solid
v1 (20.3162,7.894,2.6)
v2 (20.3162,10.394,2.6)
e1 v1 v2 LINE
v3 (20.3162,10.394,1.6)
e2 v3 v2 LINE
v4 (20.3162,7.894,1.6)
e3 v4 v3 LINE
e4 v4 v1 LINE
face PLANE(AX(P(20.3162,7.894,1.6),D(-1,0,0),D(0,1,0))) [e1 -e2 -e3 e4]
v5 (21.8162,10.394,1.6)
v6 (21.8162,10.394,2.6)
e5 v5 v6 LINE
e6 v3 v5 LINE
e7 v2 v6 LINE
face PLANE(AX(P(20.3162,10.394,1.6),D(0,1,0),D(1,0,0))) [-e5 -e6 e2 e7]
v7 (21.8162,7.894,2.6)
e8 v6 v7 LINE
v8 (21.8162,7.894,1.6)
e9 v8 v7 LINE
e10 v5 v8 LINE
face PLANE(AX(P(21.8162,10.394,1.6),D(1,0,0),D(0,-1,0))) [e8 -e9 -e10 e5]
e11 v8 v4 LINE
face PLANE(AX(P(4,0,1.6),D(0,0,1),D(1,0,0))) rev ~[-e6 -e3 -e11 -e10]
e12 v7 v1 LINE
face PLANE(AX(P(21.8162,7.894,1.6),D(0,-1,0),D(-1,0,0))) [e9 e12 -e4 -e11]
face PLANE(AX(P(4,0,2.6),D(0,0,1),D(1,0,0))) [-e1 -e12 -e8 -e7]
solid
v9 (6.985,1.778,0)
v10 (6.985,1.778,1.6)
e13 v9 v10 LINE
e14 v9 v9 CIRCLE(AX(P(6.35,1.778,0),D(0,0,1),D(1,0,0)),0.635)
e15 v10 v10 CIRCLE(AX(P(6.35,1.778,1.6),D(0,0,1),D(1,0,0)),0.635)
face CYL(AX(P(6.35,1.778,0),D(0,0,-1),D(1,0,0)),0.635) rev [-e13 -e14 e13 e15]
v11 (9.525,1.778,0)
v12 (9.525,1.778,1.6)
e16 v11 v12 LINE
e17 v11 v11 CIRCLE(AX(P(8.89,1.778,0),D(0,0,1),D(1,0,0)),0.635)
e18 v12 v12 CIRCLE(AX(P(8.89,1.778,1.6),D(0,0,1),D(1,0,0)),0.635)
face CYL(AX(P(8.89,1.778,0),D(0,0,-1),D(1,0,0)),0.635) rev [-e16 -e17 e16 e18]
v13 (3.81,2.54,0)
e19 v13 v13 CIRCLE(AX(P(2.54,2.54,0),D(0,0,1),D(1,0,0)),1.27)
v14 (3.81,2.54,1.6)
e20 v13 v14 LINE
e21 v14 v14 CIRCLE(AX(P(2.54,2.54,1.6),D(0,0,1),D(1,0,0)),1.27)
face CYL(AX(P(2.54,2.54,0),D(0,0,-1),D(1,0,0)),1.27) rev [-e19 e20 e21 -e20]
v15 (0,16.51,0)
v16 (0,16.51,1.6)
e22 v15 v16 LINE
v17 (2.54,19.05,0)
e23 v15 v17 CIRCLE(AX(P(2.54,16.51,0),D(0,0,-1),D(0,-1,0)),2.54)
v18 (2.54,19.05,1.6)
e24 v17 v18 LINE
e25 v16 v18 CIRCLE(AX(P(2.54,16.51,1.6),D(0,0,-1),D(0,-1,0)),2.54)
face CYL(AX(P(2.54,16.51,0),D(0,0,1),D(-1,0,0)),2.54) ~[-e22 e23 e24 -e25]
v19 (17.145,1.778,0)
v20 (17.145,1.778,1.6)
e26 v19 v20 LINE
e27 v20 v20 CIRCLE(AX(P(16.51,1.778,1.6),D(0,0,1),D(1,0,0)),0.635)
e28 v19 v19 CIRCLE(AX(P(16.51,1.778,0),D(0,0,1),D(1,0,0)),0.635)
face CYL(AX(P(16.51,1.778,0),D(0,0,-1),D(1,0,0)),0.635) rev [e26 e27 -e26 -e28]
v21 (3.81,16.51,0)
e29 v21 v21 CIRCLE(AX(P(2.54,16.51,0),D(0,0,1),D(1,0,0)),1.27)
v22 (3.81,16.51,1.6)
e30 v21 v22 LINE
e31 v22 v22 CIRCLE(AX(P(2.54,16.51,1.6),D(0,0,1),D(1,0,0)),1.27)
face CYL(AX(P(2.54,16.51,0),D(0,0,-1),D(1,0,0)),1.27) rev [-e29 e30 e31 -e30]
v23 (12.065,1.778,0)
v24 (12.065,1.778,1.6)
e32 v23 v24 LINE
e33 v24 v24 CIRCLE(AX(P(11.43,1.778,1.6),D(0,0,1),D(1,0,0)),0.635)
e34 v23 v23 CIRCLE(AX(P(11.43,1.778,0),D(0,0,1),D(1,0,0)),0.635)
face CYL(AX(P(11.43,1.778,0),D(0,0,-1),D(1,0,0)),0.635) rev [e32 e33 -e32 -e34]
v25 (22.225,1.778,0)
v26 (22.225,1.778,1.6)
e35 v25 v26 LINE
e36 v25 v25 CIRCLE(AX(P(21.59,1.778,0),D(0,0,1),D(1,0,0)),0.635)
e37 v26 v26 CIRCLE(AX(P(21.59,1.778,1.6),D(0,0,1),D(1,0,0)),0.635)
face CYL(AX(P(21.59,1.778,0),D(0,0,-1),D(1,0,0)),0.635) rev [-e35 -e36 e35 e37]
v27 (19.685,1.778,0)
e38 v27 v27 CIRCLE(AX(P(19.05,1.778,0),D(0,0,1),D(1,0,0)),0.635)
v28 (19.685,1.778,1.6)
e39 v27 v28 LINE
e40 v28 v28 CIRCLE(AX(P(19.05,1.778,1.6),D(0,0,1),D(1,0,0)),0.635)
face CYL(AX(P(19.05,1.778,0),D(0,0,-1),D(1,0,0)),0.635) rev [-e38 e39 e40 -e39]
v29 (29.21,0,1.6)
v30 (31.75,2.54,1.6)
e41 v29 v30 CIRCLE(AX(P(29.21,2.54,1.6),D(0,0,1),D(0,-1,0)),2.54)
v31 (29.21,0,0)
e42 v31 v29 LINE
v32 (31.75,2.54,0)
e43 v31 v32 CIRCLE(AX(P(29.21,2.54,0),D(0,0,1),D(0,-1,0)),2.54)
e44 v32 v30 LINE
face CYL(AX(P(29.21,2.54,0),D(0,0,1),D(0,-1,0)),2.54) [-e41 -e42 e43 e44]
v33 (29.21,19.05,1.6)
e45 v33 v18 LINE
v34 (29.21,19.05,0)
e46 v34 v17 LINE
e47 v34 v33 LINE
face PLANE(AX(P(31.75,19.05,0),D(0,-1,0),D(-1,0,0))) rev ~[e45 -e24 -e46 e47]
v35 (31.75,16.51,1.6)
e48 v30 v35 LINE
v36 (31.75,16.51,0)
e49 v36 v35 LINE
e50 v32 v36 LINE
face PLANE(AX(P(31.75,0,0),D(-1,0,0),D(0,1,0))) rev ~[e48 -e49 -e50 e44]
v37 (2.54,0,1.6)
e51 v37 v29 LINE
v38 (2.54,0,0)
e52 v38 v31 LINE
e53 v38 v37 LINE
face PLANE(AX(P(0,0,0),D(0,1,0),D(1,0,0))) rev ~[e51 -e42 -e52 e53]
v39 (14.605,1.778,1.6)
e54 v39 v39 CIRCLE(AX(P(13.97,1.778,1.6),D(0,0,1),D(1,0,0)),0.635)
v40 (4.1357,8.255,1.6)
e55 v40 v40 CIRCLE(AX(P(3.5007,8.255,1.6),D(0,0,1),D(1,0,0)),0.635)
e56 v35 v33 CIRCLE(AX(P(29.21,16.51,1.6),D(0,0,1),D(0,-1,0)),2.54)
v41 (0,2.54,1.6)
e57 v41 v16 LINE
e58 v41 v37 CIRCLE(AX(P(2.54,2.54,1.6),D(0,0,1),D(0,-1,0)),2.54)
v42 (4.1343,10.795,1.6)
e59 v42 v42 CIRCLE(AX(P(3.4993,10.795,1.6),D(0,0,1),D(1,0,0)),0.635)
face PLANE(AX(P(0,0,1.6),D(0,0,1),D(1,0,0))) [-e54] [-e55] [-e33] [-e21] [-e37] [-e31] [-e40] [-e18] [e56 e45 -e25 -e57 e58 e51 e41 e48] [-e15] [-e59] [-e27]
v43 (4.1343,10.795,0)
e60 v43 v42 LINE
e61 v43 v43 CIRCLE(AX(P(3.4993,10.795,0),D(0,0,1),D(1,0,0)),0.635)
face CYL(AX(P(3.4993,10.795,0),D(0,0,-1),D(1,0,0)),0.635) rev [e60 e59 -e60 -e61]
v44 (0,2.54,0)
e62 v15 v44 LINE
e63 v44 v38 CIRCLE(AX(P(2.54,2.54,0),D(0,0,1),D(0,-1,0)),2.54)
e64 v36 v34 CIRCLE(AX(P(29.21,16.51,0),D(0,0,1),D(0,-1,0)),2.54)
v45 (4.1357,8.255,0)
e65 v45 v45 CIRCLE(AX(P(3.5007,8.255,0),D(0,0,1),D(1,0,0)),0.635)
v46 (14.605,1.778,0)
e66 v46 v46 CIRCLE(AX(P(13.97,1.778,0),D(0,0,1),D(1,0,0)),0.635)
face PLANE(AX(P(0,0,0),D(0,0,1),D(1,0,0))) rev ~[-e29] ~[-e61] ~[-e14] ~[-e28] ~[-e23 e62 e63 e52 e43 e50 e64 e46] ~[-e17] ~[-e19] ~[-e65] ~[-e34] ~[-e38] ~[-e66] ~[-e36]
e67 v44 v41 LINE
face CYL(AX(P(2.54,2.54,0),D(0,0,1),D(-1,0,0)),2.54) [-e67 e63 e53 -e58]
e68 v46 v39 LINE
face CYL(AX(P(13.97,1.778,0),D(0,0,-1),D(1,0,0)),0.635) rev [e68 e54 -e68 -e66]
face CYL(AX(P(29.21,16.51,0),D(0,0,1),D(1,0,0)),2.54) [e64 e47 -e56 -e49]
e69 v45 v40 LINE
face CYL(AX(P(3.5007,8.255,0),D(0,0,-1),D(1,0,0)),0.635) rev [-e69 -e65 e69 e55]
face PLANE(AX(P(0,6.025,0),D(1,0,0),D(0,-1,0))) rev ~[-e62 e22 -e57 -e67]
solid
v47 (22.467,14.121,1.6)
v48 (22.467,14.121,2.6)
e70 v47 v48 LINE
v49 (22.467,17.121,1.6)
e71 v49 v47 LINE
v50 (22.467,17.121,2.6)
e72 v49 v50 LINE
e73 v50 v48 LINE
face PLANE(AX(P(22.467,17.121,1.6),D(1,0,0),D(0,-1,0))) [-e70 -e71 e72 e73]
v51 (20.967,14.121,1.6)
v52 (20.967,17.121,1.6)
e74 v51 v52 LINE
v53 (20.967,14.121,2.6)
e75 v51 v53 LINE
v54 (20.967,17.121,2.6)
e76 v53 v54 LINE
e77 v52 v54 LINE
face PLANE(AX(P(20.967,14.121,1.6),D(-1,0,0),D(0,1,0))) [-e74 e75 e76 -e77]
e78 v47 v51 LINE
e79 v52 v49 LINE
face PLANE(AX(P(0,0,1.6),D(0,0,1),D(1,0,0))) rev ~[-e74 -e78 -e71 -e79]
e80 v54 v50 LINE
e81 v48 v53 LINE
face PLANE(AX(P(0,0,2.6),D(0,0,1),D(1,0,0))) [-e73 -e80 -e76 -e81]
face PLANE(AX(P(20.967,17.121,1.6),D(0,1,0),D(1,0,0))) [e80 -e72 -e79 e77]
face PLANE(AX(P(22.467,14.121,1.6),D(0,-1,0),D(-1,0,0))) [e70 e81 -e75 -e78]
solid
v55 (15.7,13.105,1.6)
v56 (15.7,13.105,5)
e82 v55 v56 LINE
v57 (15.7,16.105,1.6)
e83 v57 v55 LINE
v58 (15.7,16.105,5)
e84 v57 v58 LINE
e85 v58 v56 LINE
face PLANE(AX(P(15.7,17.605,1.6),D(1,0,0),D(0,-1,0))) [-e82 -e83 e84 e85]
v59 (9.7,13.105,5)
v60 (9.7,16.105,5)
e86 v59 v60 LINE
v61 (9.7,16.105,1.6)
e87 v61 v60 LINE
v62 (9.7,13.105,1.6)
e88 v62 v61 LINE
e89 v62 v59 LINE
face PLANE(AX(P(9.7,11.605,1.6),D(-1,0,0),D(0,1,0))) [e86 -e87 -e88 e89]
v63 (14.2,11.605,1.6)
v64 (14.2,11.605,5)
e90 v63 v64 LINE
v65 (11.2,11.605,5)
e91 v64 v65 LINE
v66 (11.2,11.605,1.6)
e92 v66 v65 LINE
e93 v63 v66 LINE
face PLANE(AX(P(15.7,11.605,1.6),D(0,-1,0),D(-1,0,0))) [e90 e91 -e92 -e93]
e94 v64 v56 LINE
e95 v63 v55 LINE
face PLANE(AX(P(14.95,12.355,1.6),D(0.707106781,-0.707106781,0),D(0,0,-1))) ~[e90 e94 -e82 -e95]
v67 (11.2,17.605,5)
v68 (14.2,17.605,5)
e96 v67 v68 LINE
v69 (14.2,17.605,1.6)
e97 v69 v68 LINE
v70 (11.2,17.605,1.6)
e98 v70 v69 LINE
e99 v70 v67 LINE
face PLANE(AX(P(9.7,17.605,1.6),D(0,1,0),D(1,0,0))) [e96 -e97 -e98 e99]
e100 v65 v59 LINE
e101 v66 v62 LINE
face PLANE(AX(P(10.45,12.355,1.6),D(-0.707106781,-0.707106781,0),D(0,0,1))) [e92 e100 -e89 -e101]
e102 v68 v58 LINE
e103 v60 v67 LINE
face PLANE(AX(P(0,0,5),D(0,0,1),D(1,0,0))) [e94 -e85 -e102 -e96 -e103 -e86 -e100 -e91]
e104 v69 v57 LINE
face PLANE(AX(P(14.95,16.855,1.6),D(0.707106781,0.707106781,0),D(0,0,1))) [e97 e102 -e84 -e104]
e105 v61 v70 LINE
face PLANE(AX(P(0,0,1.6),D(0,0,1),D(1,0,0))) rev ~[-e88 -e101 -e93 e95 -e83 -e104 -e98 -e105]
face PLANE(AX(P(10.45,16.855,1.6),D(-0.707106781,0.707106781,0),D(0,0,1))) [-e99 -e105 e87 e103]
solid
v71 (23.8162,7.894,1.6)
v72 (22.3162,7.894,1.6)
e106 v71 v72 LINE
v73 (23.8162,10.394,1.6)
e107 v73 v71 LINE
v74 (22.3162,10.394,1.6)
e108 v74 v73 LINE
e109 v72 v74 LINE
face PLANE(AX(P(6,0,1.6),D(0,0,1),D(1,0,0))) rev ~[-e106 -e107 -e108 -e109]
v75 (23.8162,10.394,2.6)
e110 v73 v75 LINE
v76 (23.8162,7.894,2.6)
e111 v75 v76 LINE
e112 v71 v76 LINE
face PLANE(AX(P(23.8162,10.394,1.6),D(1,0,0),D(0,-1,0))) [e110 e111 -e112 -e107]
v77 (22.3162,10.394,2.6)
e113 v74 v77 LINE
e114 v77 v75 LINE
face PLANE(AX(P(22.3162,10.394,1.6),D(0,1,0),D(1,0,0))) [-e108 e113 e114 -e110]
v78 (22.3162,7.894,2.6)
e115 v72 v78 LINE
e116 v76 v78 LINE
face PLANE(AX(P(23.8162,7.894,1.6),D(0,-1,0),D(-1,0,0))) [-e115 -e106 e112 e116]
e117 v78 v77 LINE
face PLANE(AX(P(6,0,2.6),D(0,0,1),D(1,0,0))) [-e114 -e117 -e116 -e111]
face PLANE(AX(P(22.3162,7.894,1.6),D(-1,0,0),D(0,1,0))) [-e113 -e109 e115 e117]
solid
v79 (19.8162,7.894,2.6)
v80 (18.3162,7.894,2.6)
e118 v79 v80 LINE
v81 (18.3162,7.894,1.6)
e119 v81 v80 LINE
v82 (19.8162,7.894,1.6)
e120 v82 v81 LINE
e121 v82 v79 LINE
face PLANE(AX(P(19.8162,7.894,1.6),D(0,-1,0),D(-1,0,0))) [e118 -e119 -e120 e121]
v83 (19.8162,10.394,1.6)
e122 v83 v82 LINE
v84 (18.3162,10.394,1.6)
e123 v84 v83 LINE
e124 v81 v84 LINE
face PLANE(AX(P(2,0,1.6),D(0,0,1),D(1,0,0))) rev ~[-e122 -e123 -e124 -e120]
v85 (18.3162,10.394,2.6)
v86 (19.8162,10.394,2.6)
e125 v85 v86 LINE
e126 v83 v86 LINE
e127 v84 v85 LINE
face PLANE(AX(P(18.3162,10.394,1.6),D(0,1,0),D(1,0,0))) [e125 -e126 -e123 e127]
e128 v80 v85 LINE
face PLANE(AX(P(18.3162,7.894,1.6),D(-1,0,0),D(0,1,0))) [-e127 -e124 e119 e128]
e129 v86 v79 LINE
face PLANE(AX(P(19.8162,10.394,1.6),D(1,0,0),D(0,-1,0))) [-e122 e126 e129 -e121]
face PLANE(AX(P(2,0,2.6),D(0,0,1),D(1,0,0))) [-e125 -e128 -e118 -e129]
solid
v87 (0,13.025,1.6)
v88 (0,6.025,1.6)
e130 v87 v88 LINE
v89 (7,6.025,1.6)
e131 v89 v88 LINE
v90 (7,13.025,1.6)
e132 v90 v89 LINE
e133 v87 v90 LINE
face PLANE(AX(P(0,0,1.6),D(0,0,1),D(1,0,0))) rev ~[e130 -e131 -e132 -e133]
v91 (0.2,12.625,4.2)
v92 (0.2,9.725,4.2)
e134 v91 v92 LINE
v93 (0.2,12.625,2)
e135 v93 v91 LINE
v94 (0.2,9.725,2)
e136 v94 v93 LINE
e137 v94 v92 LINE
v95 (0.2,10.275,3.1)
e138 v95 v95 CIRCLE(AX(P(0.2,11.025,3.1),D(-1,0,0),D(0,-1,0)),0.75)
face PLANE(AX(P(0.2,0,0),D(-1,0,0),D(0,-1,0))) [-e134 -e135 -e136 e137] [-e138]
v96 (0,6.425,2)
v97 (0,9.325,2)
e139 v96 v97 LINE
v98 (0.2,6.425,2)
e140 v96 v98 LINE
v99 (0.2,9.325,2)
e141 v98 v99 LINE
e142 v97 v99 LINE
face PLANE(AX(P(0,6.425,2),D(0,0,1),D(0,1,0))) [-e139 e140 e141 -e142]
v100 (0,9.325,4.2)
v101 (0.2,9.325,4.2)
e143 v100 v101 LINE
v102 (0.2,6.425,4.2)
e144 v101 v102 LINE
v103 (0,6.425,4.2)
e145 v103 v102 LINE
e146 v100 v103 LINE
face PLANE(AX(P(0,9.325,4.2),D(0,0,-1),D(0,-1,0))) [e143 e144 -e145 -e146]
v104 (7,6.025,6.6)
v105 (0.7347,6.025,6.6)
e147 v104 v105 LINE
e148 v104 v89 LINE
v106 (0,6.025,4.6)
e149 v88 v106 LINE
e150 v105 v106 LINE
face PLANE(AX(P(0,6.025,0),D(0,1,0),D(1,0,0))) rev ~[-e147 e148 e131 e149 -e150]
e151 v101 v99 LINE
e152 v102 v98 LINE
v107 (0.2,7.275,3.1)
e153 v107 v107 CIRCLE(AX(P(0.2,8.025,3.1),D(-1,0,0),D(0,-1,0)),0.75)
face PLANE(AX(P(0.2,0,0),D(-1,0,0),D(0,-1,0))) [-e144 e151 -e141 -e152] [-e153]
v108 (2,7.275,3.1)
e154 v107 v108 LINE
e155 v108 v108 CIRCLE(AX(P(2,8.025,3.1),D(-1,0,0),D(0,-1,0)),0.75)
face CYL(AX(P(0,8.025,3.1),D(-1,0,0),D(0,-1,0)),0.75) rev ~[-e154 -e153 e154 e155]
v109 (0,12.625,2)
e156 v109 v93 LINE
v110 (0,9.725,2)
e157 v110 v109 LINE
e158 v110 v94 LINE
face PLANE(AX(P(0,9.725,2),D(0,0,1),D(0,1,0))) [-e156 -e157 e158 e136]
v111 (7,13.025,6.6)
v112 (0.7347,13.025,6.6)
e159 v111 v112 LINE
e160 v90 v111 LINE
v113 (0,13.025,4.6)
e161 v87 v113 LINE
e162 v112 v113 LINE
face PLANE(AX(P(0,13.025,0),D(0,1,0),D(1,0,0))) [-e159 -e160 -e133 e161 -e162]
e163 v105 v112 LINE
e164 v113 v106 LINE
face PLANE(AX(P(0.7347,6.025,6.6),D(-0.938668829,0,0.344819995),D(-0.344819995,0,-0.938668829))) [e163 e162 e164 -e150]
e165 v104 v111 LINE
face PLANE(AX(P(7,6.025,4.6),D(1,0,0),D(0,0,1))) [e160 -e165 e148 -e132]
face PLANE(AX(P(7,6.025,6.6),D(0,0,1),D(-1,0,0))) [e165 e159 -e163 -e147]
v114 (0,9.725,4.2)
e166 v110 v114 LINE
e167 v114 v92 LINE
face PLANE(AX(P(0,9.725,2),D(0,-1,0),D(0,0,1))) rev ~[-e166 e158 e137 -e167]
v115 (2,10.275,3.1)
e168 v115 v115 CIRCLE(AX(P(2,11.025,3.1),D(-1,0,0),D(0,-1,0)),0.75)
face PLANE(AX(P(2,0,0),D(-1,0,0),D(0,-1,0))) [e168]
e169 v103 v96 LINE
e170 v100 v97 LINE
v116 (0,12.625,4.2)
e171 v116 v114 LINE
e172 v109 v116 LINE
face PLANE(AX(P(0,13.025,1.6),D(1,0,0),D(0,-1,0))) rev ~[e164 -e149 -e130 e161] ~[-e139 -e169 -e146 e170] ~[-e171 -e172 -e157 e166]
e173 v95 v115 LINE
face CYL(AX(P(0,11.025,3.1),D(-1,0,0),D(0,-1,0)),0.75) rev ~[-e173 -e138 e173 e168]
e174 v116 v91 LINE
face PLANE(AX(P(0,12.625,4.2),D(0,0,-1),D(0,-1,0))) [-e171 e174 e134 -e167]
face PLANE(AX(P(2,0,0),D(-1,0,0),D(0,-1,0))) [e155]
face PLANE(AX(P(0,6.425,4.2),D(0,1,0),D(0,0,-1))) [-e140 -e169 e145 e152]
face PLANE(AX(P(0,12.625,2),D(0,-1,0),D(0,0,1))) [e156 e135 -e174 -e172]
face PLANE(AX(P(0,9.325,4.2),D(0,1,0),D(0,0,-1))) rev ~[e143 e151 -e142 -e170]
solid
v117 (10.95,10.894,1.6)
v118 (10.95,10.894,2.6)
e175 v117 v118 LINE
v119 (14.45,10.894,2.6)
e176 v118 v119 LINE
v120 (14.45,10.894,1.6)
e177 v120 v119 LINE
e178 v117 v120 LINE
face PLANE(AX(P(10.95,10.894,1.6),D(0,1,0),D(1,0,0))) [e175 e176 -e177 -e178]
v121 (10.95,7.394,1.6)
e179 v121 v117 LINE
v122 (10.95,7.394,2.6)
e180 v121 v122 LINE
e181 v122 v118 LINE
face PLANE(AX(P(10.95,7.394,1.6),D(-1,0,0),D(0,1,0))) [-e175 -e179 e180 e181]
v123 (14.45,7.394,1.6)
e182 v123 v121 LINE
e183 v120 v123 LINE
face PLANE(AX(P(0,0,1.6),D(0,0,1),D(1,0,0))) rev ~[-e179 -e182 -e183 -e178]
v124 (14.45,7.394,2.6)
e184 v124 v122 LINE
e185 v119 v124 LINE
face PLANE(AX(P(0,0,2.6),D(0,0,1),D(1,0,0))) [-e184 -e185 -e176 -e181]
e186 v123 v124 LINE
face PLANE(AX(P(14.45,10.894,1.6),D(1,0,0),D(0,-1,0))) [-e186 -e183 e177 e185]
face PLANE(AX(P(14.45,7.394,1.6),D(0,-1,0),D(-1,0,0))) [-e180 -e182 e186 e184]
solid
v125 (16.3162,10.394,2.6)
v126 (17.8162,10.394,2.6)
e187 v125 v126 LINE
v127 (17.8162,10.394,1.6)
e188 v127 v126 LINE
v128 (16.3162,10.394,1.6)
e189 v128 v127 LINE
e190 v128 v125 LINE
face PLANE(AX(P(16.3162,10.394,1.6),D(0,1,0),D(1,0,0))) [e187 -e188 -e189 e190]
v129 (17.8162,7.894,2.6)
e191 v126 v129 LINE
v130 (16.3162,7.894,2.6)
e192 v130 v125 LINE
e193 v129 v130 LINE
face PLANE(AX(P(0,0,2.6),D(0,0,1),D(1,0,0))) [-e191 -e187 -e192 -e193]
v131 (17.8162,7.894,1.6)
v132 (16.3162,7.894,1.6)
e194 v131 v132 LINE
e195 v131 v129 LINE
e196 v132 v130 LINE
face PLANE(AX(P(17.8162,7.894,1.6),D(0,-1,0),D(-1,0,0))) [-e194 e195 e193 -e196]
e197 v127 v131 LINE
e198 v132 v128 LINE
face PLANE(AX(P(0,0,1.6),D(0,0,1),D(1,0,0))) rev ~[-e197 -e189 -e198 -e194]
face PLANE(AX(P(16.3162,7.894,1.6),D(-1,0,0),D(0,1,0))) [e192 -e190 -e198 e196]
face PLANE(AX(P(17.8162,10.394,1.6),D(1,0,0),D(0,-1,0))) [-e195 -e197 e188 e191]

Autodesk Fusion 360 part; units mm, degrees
sketch "Sketch1" plane through (0, 0, 0) normal (0, 0, 1) x (1, 0, 0)
  line L0 (0, 0) -> (31.75, 0)
  line L1 (31.75, 0) -> (31.75, 19.05)
  line L2 (31.75, 19.05) -> (0, 19.05)
  line L3 (0, 19.05) -> (0, 0)
  circle A0 centre (2.54, 2.54) radius 1.27
  circle A1 centre (2.54, 16.51) radius 1.27
  line L4 (7, 6.025) -> (0, 6.025)
  line L5 (0, 6.025) -> (0, 13.025)
  line L6 (0, 13.025) -> (7, 13.025)
  line L7 (7, 13.025) -> (7, 6.025)
  line L8 (7, 6.025) -> (0, 13.025) construction
  line L9 (0, 6.025) -> (7, 13.025) construction
  circle A2 centre (3.4993, 10.795) radius 0.635
  circle A3 centre (3.5007, 8.255) radius 0.635
  line L10 (3.4993, 10.795) -> (3.5007, 8.255) construction
  line L11 (15.7, 11.605) -> (9.7, 11.605)
  line L12 (9.7, 11.605) -> (9.7, 17.605)
  line L13 (9.7, 17.605) -> (15.7, 17.605)
  line L14 (15.7, 17.605) -> (15.7, 11.605)
  line L15 (15.7, 11.605) -> (9.7, 17.605) construction
  line L16 (9.7, 11.605) -> (15.7, 17.605) construction
  line L17 (14.45, 7.394) -> (10.95, 7.394)
  line L18 (10.95, 7.394) -> (10.95, 10.894)
  line L19 (10.95, 10.894) -> (14.45, 10.894)
  line L20 (14.45, 10.894) -> (14.45, 7.394)
  line L21 (14.45, 7.394) -> (10.95, 10.894) construction
  line L22 (10.95, 7.394) -> (14.45, 10.894) construction
  line L23 (17.8162, 7.894) -> (16.3162, 7.894)
  line L24 (16.3162, 7.894) -> (16.3162, 10.394)
  line L25 (16.3162, 10.394) -> (17.8162, 10.394)
  line L26 (17.8162, 10.394) -> (17.8162, 7.894)
  line L27 (17.8162, 7.894) -> (16.3162, 10.394) construction
  line L28 (16.3162, 7.894) -> (17.8162, 10.394) construction
  line L29 (22.467, 14.121) -> (20.967, 14.121)
  line L30 (20.967, 14.121) -> (20.967, 17.121)
  line L31 (20.967, 17.121) -> (22.467, 17.121)
  line L32 (22.467, 17.121) -> (22.467, 14.121)
  line L33 (22.467, 14.121) -> (20.967, 17.121) construction
  line L34 (20.967, 14.121) -> (22.467, 17.121) construction
  circle A4 centre (13.97, 1.778) radius 0.635
  point P0 (3.5, 9.525)
  point P1 (12.7, 14.605)
  point P2 (12.7, 9.144)
  point P3 (17.0662, 9.144)
  point P4 (21.717, 15.621)
  dimension "d1" = 31.75
  dimension "d2" = 19.05
  dimension "d3" = 2.54
  dimension "d4" = 2.54
  dimension "d5" = 2.54
  dimension "d6" = 2.54
  dimension "d7" = 16.51
  dimension "d8" = 2.54
  dimension "d12" = 7
  dimension "d13" = 7
  dimension "d14" = 9.525
  dimension "d15" = 1.27
  dimension "d16" = 1.27
  dimension "d17" = 2.54
  dimension "d18" = 6
  dimension "d19" = 6
  dimension "d20" = 14.605
  dimension "d21" = 12.7
  dimension "d26" = 3.5
  dimension "d27" = 3.5
  dimension "d28" = 9.144
  dimension "d29" = 12.7
  dimension "d33" = 2.5
  dimension "d34" = 1.5
  dimension "d35" = 9.144
  dimension "d43" = 3
  dimension "d44" = 1.5
  dimension "d45" = 21.717
  dimension "d46" = 15.621
  dimension "d50" = 1.27
  dimension "d51" = 1.778
  dimension "d52" = 13.97
extrude "Extrude1" add sketch "Sketch1" along normal blind 1.6 contours L0 L1 L2 L3 L4 L6 L7 | L3 L4 L5 L6 L7 | L11 L12 L13 L14 | L17 L18 L19 L20 | L23 L24 L25 L26 | L29 L30 L31 L32 | A4 makes body 1
fillet "Fillet1" radius 2.54 4 edges at (0, 0, 0.8) (0, 19.05, 0.8) (31.75, 19.05, 0.8) (31.75, 0, 0.8) on bodies 1
extrude "Extrude2" add sketch "Sketch1" along normal blind 3.4 from surface at 1.6 separate body contours L11 L12 L13 L14 makes body 2
chamfer "Chamfer1" distance 1.5 angle 45 4 edges at (9.7, 11.605, 3.3) (9.7, 17.605, 3.3) (15.7, 17.605, 3.3) (15.7, 11.605, 3.3) on bodies 2
extrude "Extrude3" add sketch "Sketch1" along normal blind 1 from surface at 1.6 separate body contours L17 L18 L19 L20 makes body 3
extrude "Extrude4" add sketch "Sketch1" along normal blind 1 from surface at 1.6 separate body contours L23 L24 L25 L26 makes body 4
pattern_linear "R-Pattern1" count 4 spacing 2 along (1, 0, 0) of "Extrude4" makes body 5 makes body 6 makes body 7
extrude "Extrude5" add sketch "Sketch1" along normal blind 1 from surface at 1.6 separate body contours L29 L30 L31 L32 makes body 8
extrude "Extrude6" cut sketch "Sketch1" along normal up to surface (1.6 mm away) contours A4 bodies 1
pattern_linear "R-Pattern2" count 4 spacing 2.54 along (1, 0, 0) of "Extrude6"
pattern_linear "R-Pattern3" count 4 spacing 2.54 along (-1, 0, 0) of "Extrude6"
extrude "Extrude7" add sketch "Sketch1" along normal blind 3 from surface at 1.6 separate body contours L3 L4 L5 L6 L7 | A2 | A3 makes body 9
sketch "Sketch2" plane through (0, 0, 4.6) normal (0, 0, 1) x (-1, 0, 0)
  line L0 (-7, -6.025) -> (-7, -13.025)
  line L1 (-7, -13.025) -> (0, -13.025)
  line L2 (0, -13.025) -> (0, -6.025)
  line L3 (0, -6.025) -> (-7, -6.025)
sketch "Sketch3" plane through (0, 0, 0) normal (0, 1, 0) x (1, 0, 0)
  line L0 (7, -4.6) -> (0, -4.6)
  line L1 (7, -4.6) -> (7, -6.6)
  line L2 (7, -6.6) -> (0.7347, -6.6)
  line L3 (0.7347, -6.6) -> (0, -4.6)
  point P0 (7, -4.6)
  dimension "d66" = 2
extrude "Extrude8" add sketch "Sketch3" along normal up to surface (7 mm away) from surface at 6.025 bodies 9
sketch "Sketch4" plane through (0, 0, 0) normal (-1, 0, 0) x (0, -1, 0)
  line L0 (-13.025, 1.6) -> (-6.025, 1.6)
  line L1 (-6.025, 1.6) -> (-6.025, 4.6)
  line L2 (-6.025, 4.6) -> (-13.025, 4.6)
  line L3 (-13.025, 4.6) -> (-13.025, 1.6)
  line L4 (-6.025, 3.1) -> (-13.025, 3.1) construction
  circle A0 centre (-11.025, 3.1) radius 0.75
  circle A1 centre (-8.025, 3.1) radius 0.75
  line L5 (-12.625, 4.2) -> (-6.425, 4.2)
  line L6 (-6.425, 4.2) -> (-6.425, 2)
  line L7 (-6.425, 2) -> (-12.625, 2)
  line L8 (-12.625, 2) -> (-12.625, 4.2)
  line L9 (-9.725, 4.2) -> (-9.325, 4.2)
  line L10 (-9.325, 4.2) -> (-9.325, 2)
  line L11 (-9.325, 2) -> (-9.725, 2)
  line L12 (-9.725, 2) -> (-9.725, 4.2)
  dimension "d70" = 1.5
  dimension "d71" = 1.5
  dimension "d72" = 3
  dimension "d73" = 2
  dimension "d76" = 0.4
  dimension "d77" = 0.4
  dimension "d78" = 0.4
  dimension "d79" = 0.4
  dimension "d82" = 0.4
extrude "Extrude9" cut sketch "Sketch4" against normal blind 2 contours A0 | A1 bodies 9
extrude "Extrude10" cut sketch "Sketch4" against normal blind 0.2 contours L5 L7 L8 L12 | L5 L6 L7 L10 bodies 9
